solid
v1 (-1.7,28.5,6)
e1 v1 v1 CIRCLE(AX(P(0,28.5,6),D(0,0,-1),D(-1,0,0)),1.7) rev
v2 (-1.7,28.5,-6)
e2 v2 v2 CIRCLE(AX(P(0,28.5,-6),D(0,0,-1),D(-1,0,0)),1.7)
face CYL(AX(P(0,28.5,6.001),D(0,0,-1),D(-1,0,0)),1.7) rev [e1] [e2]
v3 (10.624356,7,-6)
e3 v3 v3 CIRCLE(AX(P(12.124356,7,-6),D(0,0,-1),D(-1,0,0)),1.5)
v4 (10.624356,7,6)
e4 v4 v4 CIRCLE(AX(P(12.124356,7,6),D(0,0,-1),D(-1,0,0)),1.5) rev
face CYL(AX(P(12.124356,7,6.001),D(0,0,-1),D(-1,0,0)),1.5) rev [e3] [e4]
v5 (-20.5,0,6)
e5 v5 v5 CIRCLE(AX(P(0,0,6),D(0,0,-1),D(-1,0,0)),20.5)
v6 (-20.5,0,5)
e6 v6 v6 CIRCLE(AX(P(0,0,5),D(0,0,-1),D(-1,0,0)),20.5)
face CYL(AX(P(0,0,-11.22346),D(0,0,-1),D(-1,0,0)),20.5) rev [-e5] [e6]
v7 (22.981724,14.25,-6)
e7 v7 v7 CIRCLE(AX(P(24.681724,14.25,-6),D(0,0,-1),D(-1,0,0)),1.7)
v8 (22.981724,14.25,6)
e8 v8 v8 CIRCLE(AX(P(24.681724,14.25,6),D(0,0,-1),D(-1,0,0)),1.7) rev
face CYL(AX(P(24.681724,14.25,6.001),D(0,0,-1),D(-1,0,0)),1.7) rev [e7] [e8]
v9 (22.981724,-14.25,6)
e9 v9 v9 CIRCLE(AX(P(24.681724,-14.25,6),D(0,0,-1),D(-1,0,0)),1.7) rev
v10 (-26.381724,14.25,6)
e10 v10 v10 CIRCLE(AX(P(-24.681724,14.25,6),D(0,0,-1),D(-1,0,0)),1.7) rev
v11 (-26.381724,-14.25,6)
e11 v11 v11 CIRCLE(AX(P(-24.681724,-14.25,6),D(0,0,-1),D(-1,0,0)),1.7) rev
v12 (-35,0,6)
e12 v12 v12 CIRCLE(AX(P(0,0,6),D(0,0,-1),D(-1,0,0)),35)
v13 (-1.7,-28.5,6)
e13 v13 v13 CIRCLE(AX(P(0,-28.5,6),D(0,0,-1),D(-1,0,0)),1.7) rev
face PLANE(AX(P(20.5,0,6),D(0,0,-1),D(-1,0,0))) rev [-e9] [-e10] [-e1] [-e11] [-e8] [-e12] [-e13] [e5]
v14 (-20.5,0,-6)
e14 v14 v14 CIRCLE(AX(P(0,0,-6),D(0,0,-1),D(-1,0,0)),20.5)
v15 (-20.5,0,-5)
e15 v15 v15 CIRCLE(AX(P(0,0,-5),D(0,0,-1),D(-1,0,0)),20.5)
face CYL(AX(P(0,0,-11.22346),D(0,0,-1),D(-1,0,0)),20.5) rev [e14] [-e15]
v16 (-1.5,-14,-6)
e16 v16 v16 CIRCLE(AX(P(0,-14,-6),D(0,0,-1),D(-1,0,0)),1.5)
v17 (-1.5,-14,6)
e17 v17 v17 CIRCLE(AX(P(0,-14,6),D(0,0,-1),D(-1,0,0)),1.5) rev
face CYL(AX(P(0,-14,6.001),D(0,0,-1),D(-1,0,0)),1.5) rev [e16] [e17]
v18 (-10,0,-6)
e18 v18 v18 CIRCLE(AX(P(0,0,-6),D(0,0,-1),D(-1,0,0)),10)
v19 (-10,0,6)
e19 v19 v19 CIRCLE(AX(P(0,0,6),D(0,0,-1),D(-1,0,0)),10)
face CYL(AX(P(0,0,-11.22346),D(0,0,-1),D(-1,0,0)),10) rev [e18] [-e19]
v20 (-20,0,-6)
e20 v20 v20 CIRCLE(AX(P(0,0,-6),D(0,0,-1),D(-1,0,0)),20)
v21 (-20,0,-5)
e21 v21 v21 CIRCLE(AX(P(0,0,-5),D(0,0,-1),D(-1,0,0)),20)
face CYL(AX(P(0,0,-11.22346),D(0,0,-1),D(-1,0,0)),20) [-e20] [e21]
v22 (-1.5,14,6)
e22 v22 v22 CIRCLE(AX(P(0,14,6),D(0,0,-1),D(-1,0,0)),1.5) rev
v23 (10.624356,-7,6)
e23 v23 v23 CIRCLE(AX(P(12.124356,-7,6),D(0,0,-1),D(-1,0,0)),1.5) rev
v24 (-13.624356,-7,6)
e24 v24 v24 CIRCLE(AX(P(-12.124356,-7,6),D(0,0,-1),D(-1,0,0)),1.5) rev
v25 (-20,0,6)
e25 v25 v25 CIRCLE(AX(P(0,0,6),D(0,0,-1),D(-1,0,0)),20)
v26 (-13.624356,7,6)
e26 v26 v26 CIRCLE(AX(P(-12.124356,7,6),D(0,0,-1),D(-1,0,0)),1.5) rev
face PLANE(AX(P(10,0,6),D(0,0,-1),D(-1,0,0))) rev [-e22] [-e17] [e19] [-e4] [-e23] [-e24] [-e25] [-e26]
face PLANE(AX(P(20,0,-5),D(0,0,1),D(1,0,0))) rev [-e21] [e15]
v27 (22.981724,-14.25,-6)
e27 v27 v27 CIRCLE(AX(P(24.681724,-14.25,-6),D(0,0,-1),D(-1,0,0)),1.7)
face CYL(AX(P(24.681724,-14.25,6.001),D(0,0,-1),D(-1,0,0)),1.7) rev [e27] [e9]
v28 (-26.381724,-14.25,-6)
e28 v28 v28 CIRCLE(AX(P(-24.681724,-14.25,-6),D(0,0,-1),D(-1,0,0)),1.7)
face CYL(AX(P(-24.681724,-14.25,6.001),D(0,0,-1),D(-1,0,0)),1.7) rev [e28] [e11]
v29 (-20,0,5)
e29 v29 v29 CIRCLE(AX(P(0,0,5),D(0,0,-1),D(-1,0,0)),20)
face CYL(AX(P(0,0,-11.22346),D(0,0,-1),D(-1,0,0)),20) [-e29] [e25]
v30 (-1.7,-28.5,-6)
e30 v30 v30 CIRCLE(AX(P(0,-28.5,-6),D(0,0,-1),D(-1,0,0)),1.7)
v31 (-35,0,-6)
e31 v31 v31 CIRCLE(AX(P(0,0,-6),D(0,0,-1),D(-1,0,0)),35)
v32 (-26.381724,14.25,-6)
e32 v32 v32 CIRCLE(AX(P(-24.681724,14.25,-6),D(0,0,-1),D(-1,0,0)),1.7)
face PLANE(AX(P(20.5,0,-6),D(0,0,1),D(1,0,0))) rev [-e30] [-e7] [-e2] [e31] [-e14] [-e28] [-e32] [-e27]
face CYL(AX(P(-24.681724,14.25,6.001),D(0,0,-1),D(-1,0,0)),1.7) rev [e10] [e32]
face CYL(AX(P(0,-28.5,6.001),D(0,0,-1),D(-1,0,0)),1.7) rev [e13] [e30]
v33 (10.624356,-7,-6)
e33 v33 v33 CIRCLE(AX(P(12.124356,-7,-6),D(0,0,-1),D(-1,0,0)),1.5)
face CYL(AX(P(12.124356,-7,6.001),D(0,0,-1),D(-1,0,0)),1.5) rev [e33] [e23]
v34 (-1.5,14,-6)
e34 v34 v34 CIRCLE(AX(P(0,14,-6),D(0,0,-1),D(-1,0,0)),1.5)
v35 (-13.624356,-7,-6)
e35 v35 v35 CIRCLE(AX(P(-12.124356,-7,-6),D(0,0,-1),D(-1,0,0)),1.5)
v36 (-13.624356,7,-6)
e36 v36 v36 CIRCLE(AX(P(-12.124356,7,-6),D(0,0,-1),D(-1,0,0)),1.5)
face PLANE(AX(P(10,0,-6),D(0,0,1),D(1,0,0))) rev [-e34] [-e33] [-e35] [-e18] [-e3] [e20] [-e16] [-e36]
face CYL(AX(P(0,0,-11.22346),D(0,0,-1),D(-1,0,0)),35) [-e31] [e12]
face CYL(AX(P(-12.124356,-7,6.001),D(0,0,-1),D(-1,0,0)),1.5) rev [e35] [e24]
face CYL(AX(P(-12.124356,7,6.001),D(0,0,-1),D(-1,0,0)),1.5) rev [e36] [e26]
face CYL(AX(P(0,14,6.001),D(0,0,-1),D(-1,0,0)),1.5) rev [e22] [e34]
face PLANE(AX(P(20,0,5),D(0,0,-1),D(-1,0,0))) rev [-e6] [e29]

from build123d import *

# Parameters (mm, degrees)
CUT_EXTRUDE_1_REACH = 52.931
SKETCH_2_R          = 1.7
SKETCH_2_R_2        = 1.5


with BuildPart() as part:
    # 草图1 → 旋转1 (revolve)
    with BuildSketch(Plane(origin=(0, 0, 0), x_dir=(1, 0, 0), z_dir=(0, 1, 0))):
        Polygon((10, 6), (20, 6), (20, 5), (20.5, 5), (20.5, 6), (35, 6), (35, -6), (20.5, -6), (20.5, -5), (20, -5), (20, -6), (10, -6), align=None)
    revolve(axis=Axis((0, 0, -11.223459705), (0, 0, 1)))

    # 草图2 → 切除-拉伸1 (cut, up to next)
    with BuildSketch(Plane(origin=(0, 0, -6), x_dir=(-1, 0, 0), z_dir=(0, 0, -1)), mode=Mode.PRIVATE) as cut_extrude_1_sk1:
        with Locations((0, 28.5)):
            Circle(SKETCH_2_R)
    cut_extrude_1_tool1 = extrude(cut_extrude_1_sk1.sketch, amount=-CUT_EXTRUDE_1_REACH, mode=Mode.PRIVATE) & part.part
    # 草图2 → 切除-拉伸1 (cut, up to next)
    with BuildSketch(Plane(origin=(0, 0, -6), x_dir=(-1, 0, 0), z_dir=(0, 0, -1)), mode=Mode.PRIVATE) as cut_extrude_1_sk2:
        with Locations((24.681724008, 14.25)):
            Circle(SKETCH_2_R)
    cut_extrude_1_tool2 = extrude(cut_extrude_1_sk2.sketch, amount=-CUT_EXTRUDE_1_REACH, mode=Mode.PRIVATE) & part.part
    # 草图2 → 切除-拉伸1 (cut, up to next)
    with BuildSketch(Plane(origin=(0, 0, -6), x_dir=(-1, 0, 0), z_dir=(0, 0, -1)), mode=Mode.PRIVATE) as cut_extrude_1_sk3:
        with Locations((24.681724008, -14.25)):
            Circle(SKETCH_2_R)
    cut_extrude_1_tool3 = extrude(cut_extrude_1_sk3.sketch, amount=-CUT_EXTRUDE_1_REACH, mode=Mode.PRIVATE) & part.part
    # 草图2 → 切除-拉伸1 (cut, up to next)
    with BuildSketch(Plane(origin=(0, 0, -6), x_dir=(-1, 0, 0), z_dir=(0, 0, -1)), mode=Mode.PRIVATE) as cut_extrude_1_sk4:
        with Locations((0, -28.5)):
            Circle(SKETCH_2_R)
    cut_extrude_1_tool4 = extrude(cut_extrude_1_sk4.sketch, amount=-CUT_EXTRUDE_1_REACH, mode=Mode.PRIVATE) & part.part
    # 草图2 → 切除-拉伸1 (cut, up to next)
    with BuildSketch(Plane(origin=(0, 0, -6), x_dir=(-1, 0, 0), z_dir=(0, 0, -1)), mode=Mode.PRIVATE) as cut_extrude_1_sk5:
        with Locations((-24.681724008, -14.25)):
            Circle(SKETCH_2_R)
    cut_extrude_1_tool5 = extrude(cut_extrude_1_sk5.sketch, amount=-CUT_EXTRUDE_1_REACH, mode=Mode.PRIVATE) & part.part
    # 草图2 → 切除-拉伸1 (cut, up to next)
    with BuildSketch(Plane(origin=(0, 0, -6), x_dir=(-1, 0, 0), z_dir=(0, 0, -1)), mode=Mode.PRIVATE) as cut_extrude_1_sk6:
        with Locations((-24.681724008, 14.25)):
            Circle(SKETCH_2_R)
    cut_extrude_1_tool6 = extrude(cut_extrude_1_sk6.sketch, amount=-CUT_EXTRUDE_1_REACH, mode=Mode.PRIVATE) & part.part
    # 草图2 → 切除-拉伸1 (cut, up to next)
    with BuildSketch(Plane(origin=(0, 0, -6), x_dir=(-1, 0, 0), z_dir=(0, 0, -1)), mode=Mode.PRIVATE) as cut_extrude_1_sk7:
        with Locations((0, 14)):
            Circle(SKETCH_2_R_2)
    cut_extrude_1_tool7 = extrude(cut_extrude_1_sk7.sketch, amount=-CUT_EXTRUDE_1_REACH, mode=Mode.PRIVATE) & part.part
    # 草图2 → 切除-拉伸1 (cut, up to next)
    with BuildSketch(Plane(origin=(0, 0, -6), x_dir=(-1, 0, 0), z_dir=(0, 0, -1)), mode=Mode.PRIVATE) as cut_extrude_1_sk8:
        with Locations((12.124355653, 7)):
            Circle(SKETCH_2_R_2)
    cut_extrude_1_tool8 = extrude(cut_extrude_1_sk8.sketch, amount=-CUT_EXTRUDE_1_REACH, mode=Mode.PRIVATE) & part.part
    # 草图2 → 切除-拉伸1 (cut, up to next)
    with BuildSketch(Plane(origin=(0, 0, -6), x_dir=(-1, 0, 0), z_dir=(0, 0, -1)), mode=Mode.PRIVATE) as cut_extrude_1_sk9:
        with Locations((12.124355653, -7)):
            Circle(SKETCH_2_R_2)
    cut_extrude_1_tool9 = extrude(cut_extrude_1_sk9.sketch, amount=-CUT_EXTRUDE_1_REACH, mode=Mode.PRIVATE) & part.part
    # 草图2 → 切除-拉伸1 (cut, up to next)
    with BuildSketch(Plane(origin=(0, 0, -6), x_dir=(-1, 0, 0), z_dir=(0, 0, -1)), mode=Mode.PRIVATE) as cut_extrude_1_sk10:
        with Locations((0, -14)):
            Circle(SKETCH_2_R_2)
    cut_extrude_1_tool10 = extrude(cut_extrude_1_sk10.sketch, amount=-CUT_EXTRUDE_1_REACH, mode=Mode.PRIVATE) & part.part
    # 草图2 → 切除-拉伸1 (cut, up to next)
    with BuildSketch(Plane(origin=(0, 0, -6), x_dir=(-1, 0, 0), z_dir=(0, 0, -1)), mode=Mode.PRIVATE) as cut_extrude_1_sk11:
        with Locations((-12.124355653, -7)):
            Circle(SKETCH_2_R_2)
    cut_extrude_1_tool11 = extrude(cut_extrude_1_sk11.sketch, amount=-CUT_EXTRUDE_1_REACH, mode=Mode.PRIVATE) & part.part
    # 草图2 → 切除-拉伸1 (cut, up to next)
    with BuildSketch(Plane(origin=(0, 0, -6), x_dir=(-1, 0, 0), z_dir=(0, 0, -1)), mode=Mode.PRIVATE) as cut_extrude_1_sk12:
        with Locations((-12.124355653, 7)):
            Circle(SKETCH_2_R_2)
    cut_extrude_1_tool12 = extrude(cut_extrude_1_sk12.sketch, amount=-CUT_EXTRUDE_1_REACH, mode=Mode.PRIVATE) & part.part
    add(cut_extrude_1_tool1.solids().sort_by_distance((0, 28.5, -6))[0], mode=Mode.SUBTRACT)
    add(cut_extrude_1_tool2.solids().sort_by_distance((-24.681724, 14.25, -6))[0], mode=Mode.SUBTRACT)
    add(cut_extrude_1_tool3.solids().sort_by_distance((-24.681724, -14.25, -6))[0], mode=Mode.SUBTRACT)
    add(cut_extrude_1_tool4.solids().sort_by_distance((0, -28.5, -6))[0], mode=Mode.SUBTRACT)
    add(cut_extrude_1_tool5.solids().sort_by_distance((24.681724, -14.25, -6))[0], mode=Mode.SUBTRACT)
    add(cut_extrude_1_tool6.solids().sort_by_distance((24.681724, 14.25, -6))[0], mode=Mode.SUBTRACT)
    add(cut_extrude_1_tool7.solids().sort_by_distance((0, 14, -6))[0], mode=Mode.SUBTRACT)
    add(cut_extrude_1_tool8.solids().sort_by_distance((-12.124356, 7, -6))[0], mode=Mode.SUBTRACT)
    add(cut_extrude_1_tool9.solids().sort_by_distance((-12.124356, -7, -6))[0], mode=Mode.SUBTRACT)
    add(cut_extrude_1_tool10.solids().sort_by_distance((0, -14, -6))[0], mode=Mode.SUBTRACT)
    add(cut_extrude_1_tool11.solids().sort_by_distance((12.124356, -7, -6))[0], mode=Mode.SUBTRACT)
    add(cut_extrude_1_tool12.solids().sort_by_distance((12.124356, 7, -6))[0], mode=Mode.SUBTRACT)


solid = part.part
